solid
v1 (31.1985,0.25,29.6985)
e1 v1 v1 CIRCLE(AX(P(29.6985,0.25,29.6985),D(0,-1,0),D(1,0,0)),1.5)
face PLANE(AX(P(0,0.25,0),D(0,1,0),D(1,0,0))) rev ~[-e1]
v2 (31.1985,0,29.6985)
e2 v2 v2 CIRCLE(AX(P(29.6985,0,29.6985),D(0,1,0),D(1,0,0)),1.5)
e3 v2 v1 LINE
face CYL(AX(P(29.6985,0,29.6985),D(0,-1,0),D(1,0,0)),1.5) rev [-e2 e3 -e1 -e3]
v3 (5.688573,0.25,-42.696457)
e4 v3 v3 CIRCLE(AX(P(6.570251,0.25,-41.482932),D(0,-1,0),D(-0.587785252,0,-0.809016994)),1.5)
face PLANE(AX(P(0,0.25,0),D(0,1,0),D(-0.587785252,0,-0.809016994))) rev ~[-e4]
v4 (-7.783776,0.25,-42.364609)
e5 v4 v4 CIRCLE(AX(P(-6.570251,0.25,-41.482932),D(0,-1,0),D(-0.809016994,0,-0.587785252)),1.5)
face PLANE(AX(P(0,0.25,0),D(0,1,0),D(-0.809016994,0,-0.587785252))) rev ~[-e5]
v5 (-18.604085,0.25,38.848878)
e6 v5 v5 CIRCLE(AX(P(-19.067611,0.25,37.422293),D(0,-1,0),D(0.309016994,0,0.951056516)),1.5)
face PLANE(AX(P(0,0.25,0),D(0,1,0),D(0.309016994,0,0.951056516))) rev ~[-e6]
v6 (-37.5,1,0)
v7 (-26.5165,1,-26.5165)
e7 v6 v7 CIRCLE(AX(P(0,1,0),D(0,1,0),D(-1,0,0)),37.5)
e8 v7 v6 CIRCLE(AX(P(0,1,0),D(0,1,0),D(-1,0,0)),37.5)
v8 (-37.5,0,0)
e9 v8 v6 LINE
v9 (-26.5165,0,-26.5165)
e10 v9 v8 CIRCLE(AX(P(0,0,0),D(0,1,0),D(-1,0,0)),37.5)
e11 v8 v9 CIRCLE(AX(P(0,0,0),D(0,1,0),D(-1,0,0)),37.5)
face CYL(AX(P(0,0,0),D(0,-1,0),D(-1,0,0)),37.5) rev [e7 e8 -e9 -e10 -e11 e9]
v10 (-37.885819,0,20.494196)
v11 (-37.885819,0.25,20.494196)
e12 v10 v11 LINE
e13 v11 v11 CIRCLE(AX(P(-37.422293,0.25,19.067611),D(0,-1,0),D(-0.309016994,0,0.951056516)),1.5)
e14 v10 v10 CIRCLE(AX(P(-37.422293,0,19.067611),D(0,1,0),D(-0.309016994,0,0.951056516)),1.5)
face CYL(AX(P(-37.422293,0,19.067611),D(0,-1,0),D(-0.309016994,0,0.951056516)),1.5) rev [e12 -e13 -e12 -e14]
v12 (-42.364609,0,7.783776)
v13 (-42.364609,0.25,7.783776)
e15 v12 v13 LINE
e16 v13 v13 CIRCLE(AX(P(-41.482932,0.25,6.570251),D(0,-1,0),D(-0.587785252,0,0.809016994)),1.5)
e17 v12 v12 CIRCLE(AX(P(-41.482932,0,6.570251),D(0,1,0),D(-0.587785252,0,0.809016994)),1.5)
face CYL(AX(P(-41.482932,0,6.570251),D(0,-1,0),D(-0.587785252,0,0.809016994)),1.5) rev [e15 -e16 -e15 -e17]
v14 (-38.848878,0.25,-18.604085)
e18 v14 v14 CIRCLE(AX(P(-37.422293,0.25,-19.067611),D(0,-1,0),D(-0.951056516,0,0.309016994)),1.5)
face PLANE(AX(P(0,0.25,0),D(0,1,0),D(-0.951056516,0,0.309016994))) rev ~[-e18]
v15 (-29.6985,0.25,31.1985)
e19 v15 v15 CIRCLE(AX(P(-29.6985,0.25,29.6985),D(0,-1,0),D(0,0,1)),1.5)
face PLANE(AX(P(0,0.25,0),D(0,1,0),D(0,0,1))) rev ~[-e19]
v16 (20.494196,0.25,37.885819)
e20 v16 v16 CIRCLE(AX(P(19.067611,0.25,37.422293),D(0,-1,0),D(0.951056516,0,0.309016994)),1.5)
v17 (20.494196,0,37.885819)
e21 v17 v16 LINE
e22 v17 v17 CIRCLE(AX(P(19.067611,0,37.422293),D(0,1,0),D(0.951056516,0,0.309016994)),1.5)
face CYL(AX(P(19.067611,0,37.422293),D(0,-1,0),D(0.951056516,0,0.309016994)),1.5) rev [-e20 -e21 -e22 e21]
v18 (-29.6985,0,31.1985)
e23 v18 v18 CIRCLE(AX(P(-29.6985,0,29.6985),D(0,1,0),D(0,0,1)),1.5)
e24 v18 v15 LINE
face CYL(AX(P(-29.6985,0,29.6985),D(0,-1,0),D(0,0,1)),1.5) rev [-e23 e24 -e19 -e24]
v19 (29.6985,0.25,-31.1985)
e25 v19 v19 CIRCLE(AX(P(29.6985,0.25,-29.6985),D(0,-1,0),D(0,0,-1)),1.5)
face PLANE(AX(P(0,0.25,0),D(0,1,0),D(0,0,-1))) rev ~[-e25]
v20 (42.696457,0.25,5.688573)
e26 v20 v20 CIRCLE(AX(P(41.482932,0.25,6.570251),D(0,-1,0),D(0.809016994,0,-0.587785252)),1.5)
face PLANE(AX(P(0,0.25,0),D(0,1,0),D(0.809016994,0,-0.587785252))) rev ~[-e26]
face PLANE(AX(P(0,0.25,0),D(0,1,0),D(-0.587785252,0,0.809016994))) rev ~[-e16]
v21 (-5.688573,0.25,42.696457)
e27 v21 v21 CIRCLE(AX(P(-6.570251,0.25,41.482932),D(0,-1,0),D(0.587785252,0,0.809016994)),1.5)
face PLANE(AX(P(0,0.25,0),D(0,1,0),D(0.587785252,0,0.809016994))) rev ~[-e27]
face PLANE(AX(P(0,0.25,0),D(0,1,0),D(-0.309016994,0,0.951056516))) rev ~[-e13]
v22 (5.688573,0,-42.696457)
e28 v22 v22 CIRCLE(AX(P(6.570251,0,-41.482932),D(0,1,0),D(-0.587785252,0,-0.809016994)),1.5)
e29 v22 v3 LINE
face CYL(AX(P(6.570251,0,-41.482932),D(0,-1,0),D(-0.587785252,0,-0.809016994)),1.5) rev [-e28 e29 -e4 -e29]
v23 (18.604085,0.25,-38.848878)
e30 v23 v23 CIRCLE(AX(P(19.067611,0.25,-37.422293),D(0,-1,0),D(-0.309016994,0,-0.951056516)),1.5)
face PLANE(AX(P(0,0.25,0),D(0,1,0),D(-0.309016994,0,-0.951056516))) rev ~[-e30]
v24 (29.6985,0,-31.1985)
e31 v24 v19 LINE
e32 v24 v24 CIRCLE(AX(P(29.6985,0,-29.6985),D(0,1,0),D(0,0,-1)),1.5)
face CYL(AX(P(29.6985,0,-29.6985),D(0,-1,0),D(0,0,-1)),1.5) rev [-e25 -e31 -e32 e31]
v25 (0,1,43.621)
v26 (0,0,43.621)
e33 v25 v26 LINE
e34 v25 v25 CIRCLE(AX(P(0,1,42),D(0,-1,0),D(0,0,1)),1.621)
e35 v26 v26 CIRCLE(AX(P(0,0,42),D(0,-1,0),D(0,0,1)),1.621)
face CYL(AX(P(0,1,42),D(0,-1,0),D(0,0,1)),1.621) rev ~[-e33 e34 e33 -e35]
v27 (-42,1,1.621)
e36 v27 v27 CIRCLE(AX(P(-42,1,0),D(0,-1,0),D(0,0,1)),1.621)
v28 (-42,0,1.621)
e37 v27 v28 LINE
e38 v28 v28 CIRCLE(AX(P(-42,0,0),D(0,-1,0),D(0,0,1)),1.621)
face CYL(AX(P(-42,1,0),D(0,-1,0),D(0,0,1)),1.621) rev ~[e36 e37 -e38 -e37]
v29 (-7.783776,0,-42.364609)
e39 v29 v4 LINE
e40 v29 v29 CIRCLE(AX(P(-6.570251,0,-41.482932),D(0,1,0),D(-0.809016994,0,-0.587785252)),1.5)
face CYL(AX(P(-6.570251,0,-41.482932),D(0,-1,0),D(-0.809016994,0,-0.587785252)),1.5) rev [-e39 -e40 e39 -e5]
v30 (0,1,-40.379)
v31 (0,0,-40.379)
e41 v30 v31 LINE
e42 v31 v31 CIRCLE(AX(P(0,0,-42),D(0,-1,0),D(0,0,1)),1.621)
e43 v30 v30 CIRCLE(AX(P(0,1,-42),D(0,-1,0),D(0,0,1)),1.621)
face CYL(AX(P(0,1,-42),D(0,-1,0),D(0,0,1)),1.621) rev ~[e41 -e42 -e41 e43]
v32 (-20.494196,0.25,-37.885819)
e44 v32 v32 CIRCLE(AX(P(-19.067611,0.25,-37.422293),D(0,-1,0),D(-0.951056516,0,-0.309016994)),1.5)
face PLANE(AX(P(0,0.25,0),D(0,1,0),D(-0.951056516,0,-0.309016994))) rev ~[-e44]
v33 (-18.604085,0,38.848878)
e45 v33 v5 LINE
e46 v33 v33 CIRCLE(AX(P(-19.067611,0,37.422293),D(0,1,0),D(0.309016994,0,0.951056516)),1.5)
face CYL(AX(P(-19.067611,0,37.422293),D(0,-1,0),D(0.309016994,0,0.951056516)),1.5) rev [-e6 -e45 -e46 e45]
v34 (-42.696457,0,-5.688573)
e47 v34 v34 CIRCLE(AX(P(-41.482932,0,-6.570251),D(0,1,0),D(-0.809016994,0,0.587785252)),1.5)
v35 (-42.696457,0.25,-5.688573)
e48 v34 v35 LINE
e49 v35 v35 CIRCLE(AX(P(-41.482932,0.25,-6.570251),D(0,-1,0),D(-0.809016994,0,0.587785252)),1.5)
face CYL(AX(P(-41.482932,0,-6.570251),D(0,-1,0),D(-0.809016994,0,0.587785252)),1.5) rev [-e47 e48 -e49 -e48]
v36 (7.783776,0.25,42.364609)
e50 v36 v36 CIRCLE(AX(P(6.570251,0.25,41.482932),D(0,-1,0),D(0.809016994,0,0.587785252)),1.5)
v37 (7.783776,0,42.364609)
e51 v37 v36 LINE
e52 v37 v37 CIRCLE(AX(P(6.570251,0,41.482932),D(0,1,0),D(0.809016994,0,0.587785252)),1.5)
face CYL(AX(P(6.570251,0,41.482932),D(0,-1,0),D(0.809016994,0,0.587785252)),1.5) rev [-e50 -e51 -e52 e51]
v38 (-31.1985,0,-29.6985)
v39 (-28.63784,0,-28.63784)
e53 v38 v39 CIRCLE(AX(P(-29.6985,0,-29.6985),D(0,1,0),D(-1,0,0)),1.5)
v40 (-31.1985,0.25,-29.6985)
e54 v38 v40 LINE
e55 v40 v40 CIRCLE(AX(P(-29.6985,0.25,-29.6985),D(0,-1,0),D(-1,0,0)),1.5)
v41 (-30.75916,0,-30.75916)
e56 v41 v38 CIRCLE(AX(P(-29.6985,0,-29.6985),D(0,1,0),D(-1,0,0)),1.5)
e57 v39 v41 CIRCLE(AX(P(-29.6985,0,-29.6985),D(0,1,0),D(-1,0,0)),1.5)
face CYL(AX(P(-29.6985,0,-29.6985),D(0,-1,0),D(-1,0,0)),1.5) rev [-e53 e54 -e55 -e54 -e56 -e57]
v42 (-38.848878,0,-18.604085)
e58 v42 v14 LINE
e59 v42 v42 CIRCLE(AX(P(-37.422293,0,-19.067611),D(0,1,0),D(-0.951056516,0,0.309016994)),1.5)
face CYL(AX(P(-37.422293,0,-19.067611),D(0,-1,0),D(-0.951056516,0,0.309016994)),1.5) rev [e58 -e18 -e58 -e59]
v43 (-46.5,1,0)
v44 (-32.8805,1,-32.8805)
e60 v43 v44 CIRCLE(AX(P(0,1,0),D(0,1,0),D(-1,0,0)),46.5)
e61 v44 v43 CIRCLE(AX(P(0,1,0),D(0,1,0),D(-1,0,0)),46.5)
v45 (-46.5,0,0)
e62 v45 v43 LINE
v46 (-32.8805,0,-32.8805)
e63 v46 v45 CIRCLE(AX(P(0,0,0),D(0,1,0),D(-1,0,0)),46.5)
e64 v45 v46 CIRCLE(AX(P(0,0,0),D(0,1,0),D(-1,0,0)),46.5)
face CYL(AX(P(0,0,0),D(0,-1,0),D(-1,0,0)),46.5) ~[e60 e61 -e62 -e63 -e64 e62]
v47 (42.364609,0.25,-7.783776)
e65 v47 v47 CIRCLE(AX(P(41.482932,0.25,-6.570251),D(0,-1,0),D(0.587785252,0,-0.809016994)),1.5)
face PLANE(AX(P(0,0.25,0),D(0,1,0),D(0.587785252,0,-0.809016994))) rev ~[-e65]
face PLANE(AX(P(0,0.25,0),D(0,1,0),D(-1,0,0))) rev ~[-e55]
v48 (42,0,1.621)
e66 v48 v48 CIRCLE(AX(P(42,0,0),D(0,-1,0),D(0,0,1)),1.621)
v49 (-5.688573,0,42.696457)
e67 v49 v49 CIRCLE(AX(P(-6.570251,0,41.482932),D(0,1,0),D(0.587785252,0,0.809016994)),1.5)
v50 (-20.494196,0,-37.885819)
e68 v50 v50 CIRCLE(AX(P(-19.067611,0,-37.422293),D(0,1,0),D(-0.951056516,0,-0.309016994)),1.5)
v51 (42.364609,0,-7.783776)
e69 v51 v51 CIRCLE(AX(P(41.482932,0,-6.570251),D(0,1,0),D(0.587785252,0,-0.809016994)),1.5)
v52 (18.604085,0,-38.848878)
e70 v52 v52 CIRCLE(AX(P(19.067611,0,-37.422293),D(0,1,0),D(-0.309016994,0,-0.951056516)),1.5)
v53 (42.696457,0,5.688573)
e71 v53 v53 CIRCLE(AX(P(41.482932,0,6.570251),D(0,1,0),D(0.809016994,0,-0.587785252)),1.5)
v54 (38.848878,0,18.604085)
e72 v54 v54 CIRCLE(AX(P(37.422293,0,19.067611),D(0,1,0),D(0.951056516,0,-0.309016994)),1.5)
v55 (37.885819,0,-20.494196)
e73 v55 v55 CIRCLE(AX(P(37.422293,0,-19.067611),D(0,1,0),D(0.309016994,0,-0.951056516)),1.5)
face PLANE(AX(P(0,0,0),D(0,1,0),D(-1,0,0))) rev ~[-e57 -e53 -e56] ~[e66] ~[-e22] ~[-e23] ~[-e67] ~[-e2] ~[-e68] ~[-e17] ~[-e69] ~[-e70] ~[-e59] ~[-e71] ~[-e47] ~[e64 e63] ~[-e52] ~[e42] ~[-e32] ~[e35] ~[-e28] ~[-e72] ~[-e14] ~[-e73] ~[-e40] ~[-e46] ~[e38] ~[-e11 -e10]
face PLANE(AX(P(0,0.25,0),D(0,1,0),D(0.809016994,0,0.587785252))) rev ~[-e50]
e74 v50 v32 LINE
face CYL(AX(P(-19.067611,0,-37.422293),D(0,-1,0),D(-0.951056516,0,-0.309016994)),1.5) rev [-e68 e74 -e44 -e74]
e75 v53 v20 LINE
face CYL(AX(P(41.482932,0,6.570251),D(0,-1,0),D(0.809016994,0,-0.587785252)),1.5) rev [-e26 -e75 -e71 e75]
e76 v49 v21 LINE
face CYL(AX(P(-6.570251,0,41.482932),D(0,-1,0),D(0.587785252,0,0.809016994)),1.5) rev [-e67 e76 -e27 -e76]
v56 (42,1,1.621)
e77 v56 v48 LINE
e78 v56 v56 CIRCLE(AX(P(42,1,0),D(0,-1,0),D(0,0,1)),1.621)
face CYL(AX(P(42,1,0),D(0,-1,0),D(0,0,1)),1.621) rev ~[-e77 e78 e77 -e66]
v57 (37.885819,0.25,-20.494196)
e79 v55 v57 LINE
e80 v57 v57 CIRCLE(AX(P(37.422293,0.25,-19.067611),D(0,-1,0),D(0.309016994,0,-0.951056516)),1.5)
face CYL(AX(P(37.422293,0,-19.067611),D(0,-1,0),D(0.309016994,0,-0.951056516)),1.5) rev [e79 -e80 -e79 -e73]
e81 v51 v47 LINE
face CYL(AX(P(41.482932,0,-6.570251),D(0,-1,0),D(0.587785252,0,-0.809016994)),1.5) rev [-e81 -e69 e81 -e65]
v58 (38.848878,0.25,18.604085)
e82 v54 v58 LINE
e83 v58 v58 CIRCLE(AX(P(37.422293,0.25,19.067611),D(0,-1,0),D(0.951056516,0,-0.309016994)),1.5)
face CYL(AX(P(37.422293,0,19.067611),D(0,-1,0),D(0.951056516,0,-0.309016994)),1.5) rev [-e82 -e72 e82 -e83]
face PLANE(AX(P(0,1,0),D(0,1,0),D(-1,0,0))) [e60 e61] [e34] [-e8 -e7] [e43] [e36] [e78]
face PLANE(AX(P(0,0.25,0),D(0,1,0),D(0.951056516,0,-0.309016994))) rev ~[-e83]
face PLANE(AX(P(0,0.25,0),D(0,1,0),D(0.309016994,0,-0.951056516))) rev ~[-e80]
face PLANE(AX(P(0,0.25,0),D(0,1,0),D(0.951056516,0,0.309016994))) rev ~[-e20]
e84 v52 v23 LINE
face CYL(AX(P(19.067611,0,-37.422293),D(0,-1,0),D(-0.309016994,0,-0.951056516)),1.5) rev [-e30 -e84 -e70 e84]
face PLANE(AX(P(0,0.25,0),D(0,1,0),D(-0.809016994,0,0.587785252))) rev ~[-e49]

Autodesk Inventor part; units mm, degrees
ref_plane "YZ Plane" through (0, 0, 0) normal (1, 0, 0) x (0, 1, 0)
ref_plane "XZ Plane" through (0, 0, 0) normal (0, 1, 0) x (-1, 0, 0)
ref_plane "XY Plane" through (0, 0, 0) normal (0, 0, 1) x (1, 0, 0)
sketch "Sketch2" plane through (0, 0, 0) normal (0, 1, 0) x (-1, 0, 0)
  circle A0 centre (0, 0) radius 37.5
  circle A1 centre (0, 0) radius 46.5
  line L0 (26.5165, -26.5165) -> (32.8805, -32.8805)
  line L1 (0, 0) -> (46.5, 0) construction
  circle A2 centre (29.6985, -29.6985) radius 1.5
  dimension "d14" = 75
  dimension "d15" = 9
  dimension "d25" = 45
  dimension "d26" = 9
  dimension "d27" = 3
extrude "Extrusion1" add sketch "Sketch2" along normal blind 1 contours A1 | A2 L0 | L0 A2
sketch "Sketch3" plane through (0, 1, 0) normal (0, 1, 0) x (1, 0, 0)
  circle A0 centre (0, 0) radius 46.5 projected
  line L0 (-46.5, 0) -> (-37.5, 0)
  circle A1 centre (0, 0) radius 37.5 projected
  circle A2 centre (0, 0) radius 42
  point P0 (-42, 0)
  point P1 (42, 0)
  point P2 (0, 42)
  point P3 (0, -42)
hole "Hole1" at (-42, 1, 0) at (42, 1, 0) at (0, 1, -42) at (0, 1, 42) direction (0, -1, 0) diameter 3.242 depth 11.8 thread size "M4x0.7" class "6H" standard "ANSI Metric M Profile"
extrude "Extrusion2" cut sketch "Sketch2" along normal blind 0.25 contours A2 L0 | L0 A2
pattern_circular "Circular Pattern1" count 20 over 360 about axis through (0, -10, 0) along (0, 1, 0) of "Extrusion2"
properties part number "LightPoint_LedStripMetal"
